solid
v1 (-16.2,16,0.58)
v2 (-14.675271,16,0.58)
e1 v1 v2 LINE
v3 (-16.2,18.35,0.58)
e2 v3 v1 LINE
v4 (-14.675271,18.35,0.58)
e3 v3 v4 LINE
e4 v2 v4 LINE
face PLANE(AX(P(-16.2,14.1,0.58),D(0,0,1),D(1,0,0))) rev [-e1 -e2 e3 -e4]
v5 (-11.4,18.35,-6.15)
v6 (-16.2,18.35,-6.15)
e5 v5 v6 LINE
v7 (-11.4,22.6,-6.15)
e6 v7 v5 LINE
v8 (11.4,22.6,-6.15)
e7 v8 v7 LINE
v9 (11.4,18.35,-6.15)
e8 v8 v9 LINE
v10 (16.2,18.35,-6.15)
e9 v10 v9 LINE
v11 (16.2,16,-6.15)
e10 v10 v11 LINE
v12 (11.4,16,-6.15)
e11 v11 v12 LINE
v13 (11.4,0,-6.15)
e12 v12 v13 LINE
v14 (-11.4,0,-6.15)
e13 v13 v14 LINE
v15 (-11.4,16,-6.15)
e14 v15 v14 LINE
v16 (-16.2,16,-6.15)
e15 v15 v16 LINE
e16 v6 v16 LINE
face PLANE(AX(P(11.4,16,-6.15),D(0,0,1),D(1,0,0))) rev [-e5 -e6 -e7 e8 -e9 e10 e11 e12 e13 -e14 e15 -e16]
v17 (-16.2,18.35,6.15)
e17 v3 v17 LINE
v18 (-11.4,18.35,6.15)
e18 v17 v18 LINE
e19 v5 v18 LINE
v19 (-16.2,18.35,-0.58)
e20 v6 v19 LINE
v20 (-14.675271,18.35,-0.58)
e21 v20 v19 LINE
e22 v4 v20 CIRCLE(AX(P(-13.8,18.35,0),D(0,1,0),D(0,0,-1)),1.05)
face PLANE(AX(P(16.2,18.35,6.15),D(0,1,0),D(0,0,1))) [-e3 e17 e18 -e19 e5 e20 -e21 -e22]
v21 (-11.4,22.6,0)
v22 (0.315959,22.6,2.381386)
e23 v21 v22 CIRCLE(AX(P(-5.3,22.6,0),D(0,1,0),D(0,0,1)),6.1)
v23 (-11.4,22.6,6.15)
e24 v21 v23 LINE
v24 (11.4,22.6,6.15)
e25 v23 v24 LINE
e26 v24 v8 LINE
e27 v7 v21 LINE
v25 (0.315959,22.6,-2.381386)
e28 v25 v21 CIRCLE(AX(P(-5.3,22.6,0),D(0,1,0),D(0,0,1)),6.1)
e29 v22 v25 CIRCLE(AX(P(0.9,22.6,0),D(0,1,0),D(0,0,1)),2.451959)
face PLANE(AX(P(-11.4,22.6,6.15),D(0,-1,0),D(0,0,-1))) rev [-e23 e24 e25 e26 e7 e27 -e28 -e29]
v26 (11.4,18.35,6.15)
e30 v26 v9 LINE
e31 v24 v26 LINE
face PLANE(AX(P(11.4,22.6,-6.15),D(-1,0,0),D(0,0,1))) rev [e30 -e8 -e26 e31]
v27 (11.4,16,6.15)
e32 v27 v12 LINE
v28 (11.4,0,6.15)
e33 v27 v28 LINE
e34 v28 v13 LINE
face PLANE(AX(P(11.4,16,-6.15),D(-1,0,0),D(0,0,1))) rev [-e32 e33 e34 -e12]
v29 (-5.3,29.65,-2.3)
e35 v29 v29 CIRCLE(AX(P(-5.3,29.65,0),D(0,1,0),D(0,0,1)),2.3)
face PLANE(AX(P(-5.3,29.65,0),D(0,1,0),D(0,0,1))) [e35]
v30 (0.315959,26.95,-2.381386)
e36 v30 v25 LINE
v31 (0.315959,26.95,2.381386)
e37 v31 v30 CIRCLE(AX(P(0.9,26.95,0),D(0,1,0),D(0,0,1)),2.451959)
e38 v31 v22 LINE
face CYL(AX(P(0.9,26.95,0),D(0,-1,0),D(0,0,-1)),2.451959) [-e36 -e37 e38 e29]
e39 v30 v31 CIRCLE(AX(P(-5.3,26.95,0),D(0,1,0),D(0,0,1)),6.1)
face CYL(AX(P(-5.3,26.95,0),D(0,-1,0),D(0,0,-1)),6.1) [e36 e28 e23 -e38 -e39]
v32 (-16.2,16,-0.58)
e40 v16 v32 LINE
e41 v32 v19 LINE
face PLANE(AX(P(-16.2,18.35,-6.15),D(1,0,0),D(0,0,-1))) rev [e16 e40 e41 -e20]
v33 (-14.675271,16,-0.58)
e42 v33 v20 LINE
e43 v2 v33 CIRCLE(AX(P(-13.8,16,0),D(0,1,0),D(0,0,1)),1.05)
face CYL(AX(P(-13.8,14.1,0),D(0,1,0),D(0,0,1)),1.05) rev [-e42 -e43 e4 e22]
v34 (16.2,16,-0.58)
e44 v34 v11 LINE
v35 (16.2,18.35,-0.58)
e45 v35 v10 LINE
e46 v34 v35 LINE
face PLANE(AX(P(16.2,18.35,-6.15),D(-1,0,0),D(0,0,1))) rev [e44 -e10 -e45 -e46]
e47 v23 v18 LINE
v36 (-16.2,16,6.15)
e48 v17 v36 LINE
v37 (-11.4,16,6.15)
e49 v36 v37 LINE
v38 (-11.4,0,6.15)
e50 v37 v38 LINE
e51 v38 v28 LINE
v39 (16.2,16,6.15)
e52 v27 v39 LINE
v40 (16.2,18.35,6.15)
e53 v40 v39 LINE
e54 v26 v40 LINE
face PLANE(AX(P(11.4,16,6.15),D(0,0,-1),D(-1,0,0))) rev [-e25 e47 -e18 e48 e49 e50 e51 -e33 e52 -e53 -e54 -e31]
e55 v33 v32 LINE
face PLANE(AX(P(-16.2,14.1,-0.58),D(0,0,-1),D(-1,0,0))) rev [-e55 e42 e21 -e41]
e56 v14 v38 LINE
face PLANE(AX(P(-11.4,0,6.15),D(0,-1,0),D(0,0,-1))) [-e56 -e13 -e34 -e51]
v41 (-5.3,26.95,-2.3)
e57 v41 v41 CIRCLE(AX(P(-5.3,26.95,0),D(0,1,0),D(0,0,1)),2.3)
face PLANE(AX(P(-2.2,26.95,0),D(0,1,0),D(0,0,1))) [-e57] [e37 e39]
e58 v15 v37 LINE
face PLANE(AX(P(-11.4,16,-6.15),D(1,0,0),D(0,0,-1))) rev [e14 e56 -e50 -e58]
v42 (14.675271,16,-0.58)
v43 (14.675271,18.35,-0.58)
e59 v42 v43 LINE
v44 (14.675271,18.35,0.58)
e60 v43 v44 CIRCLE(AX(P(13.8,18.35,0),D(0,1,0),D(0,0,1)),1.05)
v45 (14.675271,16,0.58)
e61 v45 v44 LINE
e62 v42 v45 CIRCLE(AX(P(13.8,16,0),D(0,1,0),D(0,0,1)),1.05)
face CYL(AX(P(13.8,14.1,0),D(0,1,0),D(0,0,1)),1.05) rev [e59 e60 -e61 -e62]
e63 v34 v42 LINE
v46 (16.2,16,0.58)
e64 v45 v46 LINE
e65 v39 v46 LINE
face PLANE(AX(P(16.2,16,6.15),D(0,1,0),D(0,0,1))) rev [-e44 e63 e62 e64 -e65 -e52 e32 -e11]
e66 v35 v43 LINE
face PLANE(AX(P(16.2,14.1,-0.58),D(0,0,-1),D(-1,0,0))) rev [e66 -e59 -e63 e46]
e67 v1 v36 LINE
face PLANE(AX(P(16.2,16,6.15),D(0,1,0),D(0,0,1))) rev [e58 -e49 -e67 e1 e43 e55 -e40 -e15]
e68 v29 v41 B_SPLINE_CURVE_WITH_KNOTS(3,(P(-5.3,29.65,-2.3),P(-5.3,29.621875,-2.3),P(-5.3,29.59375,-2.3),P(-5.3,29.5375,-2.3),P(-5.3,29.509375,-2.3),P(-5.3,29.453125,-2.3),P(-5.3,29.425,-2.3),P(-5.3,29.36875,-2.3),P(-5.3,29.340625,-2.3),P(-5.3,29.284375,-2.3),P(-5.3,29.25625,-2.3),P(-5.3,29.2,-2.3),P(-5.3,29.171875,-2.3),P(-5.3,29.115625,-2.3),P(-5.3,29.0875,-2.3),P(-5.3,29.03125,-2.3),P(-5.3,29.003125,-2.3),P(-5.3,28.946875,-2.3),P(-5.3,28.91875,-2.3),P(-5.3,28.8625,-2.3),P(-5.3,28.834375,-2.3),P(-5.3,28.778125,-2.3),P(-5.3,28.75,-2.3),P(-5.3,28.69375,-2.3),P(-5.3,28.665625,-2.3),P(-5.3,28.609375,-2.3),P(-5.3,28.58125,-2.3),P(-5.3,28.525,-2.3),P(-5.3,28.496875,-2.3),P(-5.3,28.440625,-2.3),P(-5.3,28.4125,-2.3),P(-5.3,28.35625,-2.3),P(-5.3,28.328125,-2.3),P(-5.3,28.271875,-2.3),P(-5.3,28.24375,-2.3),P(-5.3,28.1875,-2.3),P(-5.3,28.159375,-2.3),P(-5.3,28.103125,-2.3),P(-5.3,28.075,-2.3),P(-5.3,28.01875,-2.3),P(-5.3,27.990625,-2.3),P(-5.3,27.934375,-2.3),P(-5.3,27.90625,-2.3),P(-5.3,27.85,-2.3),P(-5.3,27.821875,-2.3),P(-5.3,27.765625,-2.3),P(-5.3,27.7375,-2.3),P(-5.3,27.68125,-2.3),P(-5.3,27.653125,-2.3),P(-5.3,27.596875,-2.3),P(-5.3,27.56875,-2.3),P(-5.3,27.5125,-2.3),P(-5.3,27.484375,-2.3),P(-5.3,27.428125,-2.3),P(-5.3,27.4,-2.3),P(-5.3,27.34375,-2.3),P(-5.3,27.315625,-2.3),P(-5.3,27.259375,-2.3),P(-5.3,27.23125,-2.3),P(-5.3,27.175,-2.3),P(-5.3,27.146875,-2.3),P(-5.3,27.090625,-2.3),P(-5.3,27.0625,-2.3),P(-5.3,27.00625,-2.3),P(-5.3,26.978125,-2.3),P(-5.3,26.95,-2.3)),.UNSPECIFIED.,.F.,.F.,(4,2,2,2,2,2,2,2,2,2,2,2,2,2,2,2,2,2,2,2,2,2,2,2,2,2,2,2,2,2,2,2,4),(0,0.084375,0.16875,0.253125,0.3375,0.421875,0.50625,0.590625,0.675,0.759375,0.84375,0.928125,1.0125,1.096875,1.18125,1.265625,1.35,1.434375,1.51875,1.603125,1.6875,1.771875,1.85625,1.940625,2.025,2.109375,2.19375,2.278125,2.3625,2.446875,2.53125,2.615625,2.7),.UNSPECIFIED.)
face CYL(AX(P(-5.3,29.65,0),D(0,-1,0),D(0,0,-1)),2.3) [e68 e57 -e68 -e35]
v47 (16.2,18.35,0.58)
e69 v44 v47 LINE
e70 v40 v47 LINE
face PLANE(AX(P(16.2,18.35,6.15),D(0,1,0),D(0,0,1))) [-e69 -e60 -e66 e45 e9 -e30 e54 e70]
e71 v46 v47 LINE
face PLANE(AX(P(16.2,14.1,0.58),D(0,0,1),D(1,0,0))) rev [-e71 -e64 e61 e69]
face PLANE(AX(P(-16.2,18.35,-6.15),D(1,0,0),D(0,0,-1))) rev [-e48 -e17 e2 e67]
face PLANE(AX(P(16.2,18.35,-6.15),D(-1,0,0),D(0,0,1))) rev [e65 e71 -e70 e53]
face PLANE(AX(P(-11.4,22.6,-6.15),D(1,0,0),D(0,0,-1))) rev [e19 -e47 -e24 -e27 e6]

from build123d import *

# Parameters (mm, degrees)
ESBO_O1_W                = 22.8
ESBO_O1_H                = 12.3
RESSALTO_EXTRUS_O1_DEPTH = 16
ESBO_O2_W                = 32.4
ESBO_O2_H                = 12.3
RESSALTO_EXTRUS_O2_DEPTH = 2.35
ESBO_O3_W                = 22.8
ESBO_O3_H                = 12.3
RESSALTO_EXTRUS_O3_DEPTH = 4.25
CORTE_EXTRUS_O1_DEPTH    = 4.25
RESSALTO_EXTRUS_O4_DEPTH = 4.35
ESBO_O6_R                = 2.3
RESSALTO_EXTRUS_O5_DEPTH = 2.7


with BuildPart() as part:
    # Esboço1 → Ressalto-extrusão1 (new body)
    with BuildSketch(Plane(origin=(0, 0, 0), x_dir=(1, 0, 0), z_dir=(0, 1, 0))):
        Rectangle(ESBO_O1_W, ESBO_O1_H)
    extrude(amount=RESSALTO_EXTRUS_O1_DEPTH)

    # Esboço2 → Ressalto-extrusão2 (add)
    with BuildSketch(Plane(origin=(0, 16, 0), x_dir=(1, 0, 0), z_dir=(0, 1, 0))):
        Rectangle(ESBO_O2_W, ESBO_O2_H)
    extrude(amount=RESSALTO_EXTRUS_O2_DEPTH)

    # Esboço3 → Ressalto-extrusão3 (add)
    with BuildSketch(Plane(origin=(0, 18.35, 0), x_dir=(-1, 0, 0), z_dir=(0, 1, 0))):
        Rectangle(ESBO_O3_W, ESBO_O3_H)
    extrude(amount=RESSALTO_EXTRUS_O3_DEPTH)

    # Esboço4 → Corte-extrusão1 (cut)
    with BuildSketch(Plane(origin=(0, 18.35, 0), x_dir=(1, 0, 0), z_dir=(0, 1, 0))):
        with BuildLine():
            Line((16.2, 0), (16.2, 0.58))
            Line((16.2, 0.58), (14.675271386, 0.58))
            ThreePointArc((14.675271386, 0.58), (12.75, 0), (14.675271386, -0.58))
            Line((14.675271386, -0.58), (16.2, -0.58))
            Line((16.2, -0.58), (16.2, 0))
        make_face()
        with BuildLine():
            Line((-16.2, 0.58), (-14.675271386, 0.58))
            ThreePointArc((-14.675271386, 0.58), (-12.75, 0), (-14.675271386, -0.58))
            Line((-14.675271386, -0.58), (-16.2, -0.58))
            Line((-16.2, -0.58), (-16.2, 0))
            Line((-16.2, 0), (-16.2, 0.58))
        make_face()
    extrude(amount=-CORTE_EXTRUS_O1_DEPTH, mode=Mode.SUBTRACT)

    # Esboço5 → Ressalto-extrusão4 (add)
    with BuildSketch(Plane(origin=(0, 22.6, 0), x_dir=(1, 0, 0), z_dir=(0, 1, 0))):
        with BuildLine():
            ThreePointArc((0.315959416, 2.381386118), (-11.4, 0), (0.315959416, -2.381386118))
            ThreePointArc((0.315959416, -2.381386118), (3.351959063, 0), (0.315959416, 2.381386118))
        make_face()
    extrude(amount=RESSALTO_EXTRUS_O4_DEPTH)

    # Esboço6 → Ressalto-extrusão5 (add)
    with BuildSketch(Plane(origin=(0, 26.95, 0), x_dir=(1, 0, 0), z_dir=(0, 1, 0))):
        with Locations(Location((-5.3, 0, 0), (0, 0, 90))):
            Circle(ESBO_O6_R)
    extrude(amount=RESSALTO_EXTRUS_O5_DEPTH)


solid = part.part
